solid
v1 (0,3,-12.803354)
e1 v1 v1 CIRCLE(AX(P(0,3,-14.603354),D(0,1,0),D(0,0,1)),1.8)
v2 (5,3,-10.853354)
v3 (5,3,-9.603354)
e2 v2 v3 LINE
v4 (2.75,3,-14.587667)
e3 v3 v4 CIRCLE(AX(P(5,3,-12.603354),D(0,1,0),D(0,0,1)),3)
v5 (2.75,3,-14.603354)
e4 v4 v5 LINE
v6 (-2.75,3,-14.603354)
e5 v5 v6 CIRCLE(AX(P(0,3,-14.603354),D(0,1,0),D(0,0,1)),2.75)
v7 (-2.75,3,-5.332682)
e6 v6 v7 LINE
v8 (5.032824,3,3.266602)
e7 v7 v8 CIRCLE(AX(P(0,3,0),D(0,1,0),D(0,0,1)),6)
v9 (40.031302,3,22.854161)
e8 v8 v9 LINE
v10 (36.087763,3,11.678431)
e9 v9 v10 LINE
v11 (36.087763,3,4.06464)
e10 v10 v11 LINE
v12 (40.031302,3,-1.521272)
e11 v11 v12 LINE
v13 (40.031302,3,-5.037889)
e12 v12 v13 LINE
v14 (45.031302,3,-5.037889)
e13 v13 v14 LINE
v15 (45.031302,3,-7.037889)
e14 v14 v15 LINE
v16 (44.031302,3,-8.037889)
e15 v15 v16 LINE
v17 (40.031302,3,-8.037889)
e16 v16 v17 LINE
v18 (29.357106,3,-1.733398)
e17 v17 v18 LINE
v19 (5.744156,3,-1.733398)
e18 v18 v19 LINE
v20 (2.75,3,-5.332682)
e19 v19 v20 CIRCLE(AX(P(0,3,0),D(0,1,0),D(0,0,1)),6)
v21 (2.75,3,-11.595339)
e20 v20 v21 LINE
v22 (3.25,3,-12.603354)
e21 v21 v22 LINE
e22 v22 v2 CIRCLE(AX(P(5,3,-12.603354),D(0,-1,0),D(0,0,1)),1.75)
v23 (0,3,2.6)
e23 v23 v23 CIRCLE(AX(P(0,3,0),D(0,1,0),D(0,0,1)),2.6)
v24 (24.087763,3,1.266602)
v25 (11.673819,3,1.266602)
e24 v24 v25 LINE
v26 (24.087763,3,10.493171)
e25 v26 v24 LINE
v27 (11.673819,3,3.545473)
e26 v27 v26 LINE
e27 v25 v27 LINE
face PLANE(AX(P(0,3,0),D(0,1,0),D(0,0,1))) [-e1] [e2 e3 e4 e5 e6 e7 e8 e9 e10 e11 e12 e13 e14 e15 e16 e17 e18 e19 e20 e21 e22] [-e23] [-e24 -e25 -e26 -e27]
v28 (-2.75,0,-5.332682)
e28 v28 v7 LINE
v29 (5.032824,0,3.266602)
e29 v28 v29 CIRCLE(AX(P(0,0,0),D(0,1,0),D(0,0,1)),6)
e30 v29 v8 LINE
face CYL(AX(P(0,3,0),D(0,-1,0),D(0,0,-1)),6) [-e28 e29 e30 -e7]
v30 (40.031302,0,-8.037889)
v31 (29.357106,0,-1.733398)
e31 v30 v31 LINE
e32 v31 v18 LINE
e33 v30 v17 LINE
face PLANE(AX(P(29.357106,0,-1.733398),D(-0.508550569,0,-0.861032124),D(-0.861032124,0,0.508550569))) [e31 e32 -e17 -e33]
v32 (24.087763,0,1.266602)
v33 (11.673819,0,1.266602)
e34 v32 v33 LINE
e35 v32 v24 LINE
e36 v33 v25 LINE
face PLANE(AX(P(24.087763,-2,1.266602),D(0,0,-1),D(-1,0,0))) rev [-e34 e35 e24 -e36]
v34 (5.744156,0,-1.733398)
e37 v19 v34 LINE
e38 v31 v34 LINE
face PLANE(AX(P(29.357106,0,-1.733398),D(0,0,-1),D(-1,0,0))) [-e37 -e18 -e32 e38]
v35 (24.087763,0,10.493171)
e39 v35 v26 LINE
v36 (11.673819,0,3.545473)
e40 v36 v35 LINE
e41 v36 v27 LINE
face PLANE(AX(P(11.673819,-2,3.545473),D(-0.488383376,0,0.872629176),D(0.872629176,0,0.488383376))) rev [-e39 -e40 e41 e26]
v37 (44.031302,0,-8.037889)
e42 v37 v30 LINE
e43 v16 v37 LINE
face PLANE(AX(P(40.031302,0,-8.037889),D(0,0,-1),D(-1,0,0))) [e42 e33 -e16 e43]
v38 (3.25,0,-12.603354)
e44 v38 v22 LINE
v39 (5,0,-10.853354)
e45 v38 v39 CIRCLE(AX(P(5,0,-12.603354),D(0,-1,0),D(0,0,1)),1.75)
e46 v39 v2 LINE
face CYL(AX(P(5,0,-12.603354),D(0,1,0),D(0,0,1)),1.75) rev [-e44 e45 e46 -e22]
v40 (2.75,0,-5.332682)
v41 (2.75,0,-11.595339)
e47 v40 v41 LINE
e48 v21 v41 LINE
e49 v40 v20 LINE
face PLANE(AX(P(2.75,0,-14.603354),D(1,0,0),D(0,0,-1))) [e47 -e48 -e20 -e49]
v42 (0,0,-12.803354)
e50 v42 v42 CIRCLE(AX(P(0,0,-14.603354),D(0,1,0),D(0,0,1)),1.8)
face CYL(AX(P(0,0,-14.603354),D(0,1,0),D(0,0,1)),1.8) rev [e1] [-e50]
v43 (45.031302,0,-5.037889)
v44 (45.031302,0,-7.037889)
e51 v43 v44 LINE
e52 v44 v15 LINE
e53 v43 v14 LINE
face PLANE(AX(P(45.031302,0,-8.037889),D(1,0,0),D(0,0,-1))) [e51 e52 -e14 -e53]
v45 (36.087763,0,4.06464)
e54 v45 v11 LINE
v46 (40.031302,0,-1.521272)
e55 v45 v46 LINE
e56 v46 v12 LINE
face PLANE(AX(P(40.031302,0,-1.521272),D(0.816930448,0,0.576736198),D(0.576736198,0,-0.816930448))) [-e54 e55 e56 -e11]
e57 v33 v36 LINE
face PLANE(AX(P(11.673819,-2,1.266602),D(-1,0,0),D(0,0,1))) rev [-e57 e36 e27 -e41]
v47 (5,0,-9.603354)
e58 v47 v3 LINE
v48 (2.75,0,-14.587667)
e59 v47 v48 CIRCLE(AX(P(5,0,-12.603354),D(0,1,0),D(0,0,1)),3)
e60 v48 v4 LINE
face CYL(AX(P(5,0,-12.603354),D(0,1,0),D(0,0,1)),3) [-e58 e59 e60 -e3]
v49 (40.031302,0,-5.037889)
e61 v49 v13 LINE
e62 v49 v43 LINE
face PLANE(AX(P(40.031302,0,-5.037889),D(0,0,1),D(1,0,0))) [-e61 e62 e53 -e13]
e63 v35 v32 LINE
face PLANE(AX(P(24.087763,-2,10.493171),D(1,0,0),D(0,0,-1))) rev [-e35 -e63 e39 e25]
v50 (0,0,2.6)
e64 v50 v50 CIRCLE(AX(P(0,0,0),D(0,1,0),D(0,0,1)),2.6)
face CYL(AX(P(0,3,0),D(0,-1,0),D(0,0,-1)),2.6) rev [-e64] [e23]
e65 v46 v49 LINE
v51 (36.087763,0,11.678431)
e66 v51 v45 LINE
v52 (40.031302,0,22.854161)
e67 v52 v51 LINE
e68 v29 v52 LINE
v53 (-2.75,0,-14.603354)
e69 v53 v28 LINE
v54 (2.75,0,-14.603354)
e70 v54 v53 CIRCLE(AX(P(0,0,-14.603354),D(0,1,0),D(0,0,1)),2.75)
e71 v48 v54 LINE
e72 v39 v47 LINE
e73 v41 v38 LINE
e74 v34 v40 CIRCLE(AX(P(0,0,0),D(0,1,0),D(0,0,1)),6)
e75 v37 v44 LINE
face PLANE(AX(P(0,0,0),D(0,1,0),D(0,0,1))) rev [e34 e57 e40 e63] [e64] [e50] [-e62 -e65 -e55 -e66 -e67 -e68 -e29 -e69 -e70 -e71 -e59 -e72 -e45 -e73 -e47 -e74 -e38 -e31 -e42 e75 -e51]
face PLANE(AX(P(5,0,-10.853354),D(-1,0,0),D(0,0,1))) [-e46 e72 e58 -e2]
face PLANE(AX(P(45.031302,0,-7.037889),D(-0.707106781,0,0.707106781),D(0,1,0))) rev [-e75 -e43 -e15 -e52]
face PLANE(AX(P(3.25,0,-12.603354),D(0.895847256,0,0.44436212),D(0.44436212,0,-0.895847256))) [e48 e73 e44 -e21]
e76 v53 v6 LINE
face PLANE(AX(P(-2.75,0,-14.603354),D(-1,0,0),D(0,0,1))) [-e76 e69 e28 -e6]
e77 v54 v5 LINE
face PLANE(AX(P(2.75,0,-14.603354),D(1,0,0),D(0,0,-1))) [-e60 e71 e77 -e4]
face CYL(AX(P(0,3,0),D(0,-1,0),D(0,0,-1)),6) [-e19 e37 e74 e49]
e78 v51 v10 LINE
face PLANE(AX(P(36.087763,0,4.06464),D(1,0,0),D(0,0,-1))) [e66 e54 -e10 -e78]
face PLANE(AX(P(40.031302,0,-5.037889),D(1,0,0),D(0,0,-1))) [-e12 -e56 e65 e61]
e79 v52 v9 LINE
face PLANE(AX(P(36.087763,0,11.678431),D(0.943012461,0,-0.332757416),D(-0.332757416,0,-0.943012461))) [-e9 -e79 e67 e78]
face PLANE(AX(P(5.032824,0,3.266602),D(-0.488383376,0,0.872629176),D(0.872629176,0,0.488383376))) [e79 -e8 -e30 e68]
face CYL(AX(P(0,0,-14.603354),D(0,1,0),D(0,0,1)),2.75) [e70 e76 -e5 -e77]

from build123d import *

# Parameters (mm, degrees)
SKETCH_2_R          = 6
SKETCH_2_R_2        = 2.6
EXTRUDE_1_DEPTH     = 3
SKETCH_3_R          = 1.8
EXTRUDE_2_DEPTH     = 3
EXTRUDE_3_DEPTH     = 3
EXTRUDE_4_DEPTH     = 3
CHAMFER_2_SIZE      = 1
CUT_EXTRUDE_1_DEPTH = 5


with BuildPart() as part:
    # 草图2 → 凸台-拉伸1 (new body)
    with BuildSketch(Plane(origin=(0, 0, 0), x_dir=(1, 0, 0), z_dir=(0, 1, 0))):
        Circle(SKETCH_2_R)
        Circle(SKETCH_2_R_2, mode=Mode.SUBTRACT)
    extrude(amount=EXTRUDE_1_DEPTH)

    # 草图3 → 凸台-拉伸2 (add)
    with BuildSketch(Plane(origin=(0, 3, 0), x_dir=(1, 0, 0), z_dir=(0, 1, 0))):
        with BuildLine():
            Line((-2.75, 14.603353962), (-2.75, 5.332682252))
            Line((-2.75, 5.332682252), (2.75, 5.332682252))
            Line((2.75, 5.332682252), (2.75, 14.603353962))
            ThreePointArc((2.75, 14.603353962), (0, 17.353353962), (-2.75, 14.603353962))
        make_face()
        with Locations((0, 14.603353962)):
            Circle(SKETCH_3_R, mode=Mode.SUBTRACT)
    extrude(amount=-EXTRUDE_2_DEPTH)

    # 草图5 → 凸台-拉伸3 (add)
    with BuildSketch(Plane(origin=(0, 3, 0), x_dir=(1, 0, 0), z_dir=(0, 1, 0))):
        with BuildLine():
            Line((3.25, 12.603353962), (2.458972536, 11.008619055))
            ThreePointArc((2.458972536, 11.008619055), (6.451860062, 15.228635349), (5, 9.603353962))
            Line((5, 9.603353962), (5, 10.853353962))
            ThreePointArc((5, 10.853353962), (6.237436867, 13.840790829), (3.25, 12.603353962))
        make_face()
    extrude(amount=-EXTRUDE_3_DEPTH)

    # 草图6 → 凸台-拉伸4 (add)
    with BuildSketch(Plane(origin=(0, 3, 0), x_dir=(1, 0, 0), z_dir=(0, 1, 0))):
        Polygon((5.032823561, -3.266601752), (40.031302406, -22.854160513), (36.087762843, -11.678430785), (36.087762843, -4.064639853), (40.031302406, 1.52127196), (40.031302406, 5.037888577), (45.031302406, 5.037888577), (45.031302406, 8.037888577), (40.031302406, 8.037888577), (29.357105905, 1.733398248), (5.032823561, 1.733398248), align=None)
    extrude(amount=-EXTRUDE_4_DEPTH)

    # 倒角2
    chamfer_2_edges = [part.edges().sort_by_distance(p)[0] for p in [
        (45.031302406, 1.5, -8.037888577),
    ]]
    chamfer(chamfer_2_edges, length=CHAMFER_2_SIZE)

    # 草图7 → 切除-拉伸1 (cut, symmetric)
    with BuildSketch(Plane(origin=(0, 3, 0), x_dir=(1, 0, 0), z_dir=(0, 1, 0))):
        Polygon((11.673818528, -3.545473406), (24.087762843, -10.49317147), (24.087762843, -1.266601752), (11.673818528, -1.266601752), align=None)
    extrude(amount=CUT_EXTRUDE_1_DEPTH, both=True, mode=Mode.SUBTRACT)


solid = part.part
